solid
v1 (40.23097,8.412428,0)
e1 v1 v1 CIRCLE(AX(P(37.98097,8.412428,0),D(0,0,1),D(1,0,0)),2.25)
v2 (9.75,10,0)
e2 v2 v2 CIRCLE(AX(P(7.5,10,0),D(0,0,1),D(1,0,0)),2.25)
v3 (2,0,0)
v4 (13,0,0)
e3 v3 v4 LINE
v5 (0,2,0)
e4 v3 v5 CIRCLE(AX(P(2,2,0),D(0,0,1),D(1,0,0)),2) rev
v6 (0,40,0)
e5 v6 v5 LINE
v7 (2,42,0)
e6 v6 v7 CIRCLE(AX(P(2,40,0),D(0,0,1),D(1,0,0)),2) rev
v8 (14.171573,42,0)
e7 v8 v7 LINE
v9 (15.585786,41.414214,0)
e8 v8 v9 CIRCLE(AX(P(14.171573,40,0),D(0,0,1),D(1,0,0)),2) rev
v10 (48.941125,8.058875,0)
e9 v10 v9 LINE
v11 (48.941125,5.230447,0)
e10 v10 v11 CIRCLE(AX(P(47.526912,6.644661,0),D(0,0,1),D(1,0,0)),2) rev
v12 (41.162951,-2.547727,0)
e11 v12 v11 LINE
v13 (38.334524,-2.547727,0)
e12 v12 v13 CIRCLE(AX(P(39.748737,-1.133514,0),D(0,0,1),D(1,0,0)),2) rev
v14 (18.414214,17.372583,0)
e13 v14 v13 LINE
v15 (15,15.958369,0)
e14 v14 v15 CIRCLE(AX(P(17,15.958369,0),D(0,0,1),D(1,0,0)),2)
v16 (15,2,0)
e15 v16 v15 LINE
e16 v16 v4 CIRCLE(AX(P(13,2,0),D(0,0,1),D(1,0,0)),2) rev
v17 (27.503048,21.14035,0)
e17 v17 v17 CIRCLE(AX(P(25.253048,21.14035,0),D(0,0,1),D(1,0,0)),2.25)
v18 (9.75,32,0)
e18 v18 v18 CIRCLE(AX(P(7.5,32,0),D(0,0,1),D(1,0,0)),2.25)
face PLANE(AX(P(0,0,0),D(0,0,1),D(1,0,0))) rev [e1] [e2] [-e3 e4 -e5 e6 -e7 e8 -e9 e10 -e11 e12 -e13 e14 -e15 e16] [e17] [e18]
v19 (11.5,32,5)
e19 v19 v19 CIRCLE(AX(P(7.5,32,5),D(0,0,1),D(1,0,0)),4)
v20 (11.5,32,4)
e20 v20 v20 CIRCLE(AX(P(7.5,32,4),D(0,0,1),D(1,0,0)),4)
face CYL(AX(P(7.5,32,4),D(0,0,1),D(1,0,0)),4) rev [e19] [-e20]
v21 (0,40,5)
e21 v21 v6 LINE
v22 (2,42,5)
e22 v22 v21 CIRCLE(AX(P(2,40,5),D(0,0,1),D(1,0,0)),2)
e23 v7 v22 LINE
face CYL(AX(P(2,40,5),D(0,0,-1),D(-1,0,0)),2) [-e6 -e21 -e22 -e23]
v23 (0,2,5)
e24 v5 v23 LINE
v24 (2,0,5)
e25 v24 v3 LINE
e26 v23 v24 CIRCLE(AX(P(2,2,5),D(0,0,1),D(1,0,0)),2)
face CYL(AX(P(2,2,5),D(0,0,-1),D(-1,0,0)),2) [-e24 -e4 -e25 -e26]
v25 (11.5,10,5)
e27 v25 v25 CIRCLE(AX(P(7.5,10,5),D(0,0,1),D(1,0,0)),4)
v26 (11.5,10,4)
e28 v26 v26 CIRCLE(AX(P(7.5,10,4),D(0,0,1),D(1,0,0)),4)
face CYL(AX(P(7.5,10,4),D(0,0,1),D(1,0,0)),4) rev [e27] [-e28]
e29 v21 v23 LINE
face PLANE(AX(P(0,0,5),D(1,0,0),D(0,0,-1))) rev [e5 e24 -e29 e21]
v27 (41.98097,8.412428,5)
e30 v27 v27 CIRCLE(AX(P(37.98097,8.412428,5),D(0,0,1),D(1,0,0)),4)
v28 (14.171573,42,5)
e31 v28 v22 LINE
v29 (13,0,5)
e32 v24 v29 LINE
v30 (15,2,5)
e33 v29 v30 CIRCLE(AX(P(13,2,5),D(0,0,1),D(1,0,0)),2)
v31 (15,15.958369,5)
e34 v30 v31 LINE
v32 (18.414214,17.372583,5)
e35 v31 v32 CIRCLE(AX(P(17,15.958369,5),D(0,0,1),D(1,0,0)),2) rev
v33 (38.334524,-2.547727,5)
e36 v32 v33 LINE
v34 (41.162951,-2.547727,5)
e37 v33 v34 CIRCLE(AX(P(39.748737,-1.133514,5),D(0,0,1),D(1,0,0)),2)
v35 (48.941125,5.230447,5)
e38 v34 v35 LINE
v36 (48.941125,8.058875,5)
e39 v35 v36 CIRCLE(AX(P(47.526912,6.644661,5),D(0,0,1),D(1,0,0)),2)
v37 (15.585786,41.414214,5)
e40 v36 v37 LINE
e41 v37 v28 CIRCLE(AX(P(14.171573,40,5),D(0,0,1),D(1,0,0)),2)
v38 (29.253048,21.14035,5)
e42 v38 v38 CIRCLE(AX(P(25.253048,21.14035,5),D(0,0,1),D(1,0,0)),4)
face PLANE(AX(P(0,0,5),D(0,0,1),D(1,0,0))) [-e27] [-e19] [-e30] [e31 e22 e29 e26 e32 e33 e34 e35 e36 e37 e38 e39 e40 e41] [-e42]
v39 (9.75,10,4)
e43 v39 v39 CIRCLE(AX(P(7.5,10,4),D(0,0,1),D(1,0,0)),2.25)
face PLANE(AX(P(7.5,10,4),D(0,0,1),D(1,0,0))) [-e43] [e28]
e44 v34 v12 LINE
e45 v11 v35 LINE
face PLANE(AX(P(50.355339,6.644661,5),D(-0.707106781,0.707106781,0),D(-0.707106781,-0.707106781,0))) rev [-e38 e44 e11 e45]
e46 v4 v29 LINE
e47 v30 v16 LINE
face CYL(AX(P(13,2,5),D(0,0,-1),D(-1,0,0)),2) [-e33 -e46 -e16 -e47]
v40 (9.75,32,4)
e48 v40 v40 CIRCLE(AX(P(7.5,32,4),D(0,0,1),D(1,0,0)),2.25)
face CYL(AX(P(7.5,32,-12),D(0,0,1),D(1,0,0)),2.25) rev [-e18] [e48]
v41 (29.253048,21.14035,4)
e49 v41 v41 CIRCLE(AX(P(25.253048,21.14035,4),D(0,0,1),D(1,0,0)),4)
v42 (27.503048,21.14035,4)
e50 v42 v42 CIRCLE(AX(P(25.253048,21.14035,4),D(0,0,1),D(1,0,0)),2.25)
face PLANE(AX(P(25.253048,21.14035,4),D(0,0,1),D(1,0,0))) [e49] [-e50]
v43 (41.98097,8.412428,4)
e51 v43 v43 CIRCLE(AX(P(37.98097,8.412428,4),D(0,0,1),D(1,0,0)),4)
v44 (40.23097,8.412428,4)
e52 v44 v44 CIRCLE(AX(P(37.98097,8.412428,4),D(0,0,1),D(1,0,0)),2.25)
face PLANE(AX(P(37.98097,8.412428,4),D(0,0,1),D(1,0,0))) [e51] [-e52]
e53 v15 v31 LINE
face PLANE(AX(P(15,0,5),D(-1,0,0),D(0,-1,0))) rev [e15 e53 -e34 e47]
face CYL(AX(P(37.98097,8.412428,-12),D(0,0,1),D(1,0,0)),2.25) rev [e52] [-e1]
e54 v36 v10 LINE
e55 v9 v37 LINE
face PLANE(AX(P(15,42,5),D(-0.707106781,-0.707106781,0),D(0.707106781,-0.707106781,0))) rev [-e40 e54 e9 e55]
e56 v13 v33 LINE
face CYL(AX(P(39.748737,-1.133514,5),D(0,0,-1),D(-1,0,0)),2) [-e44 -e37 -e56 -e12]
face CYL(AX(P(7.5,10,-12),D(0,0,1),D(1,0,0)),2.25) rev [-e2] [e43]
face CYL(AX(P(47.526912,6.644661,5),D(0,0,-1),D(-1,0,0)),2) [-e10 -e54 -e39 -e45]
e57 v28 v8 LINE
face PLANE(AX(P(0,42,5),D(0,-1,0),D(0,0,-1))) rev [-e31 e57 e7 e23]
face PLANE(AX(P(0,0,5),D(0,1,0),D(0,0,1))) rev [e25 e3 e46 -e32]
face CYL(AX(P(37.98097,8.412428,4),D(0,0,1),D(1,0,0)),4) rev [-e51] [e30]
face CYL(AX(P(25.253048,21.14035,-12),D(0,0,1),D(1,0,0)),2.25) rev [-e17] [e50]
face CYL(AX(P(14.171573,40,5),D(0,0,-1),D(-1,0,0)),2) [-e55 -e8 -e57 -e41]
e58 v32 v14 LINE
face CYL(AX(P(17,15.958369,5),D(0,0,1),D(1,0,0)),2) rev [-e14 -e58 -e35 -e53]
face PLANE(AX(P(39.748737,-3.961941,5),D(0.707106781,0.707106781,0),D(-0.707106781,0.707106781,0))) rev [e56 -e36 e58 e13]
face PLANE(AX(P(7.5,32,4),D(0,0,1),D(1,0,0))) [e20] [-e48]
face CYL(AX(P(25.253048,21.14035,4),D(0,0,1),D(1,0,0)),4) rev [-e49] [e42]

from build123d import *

# Parameters (mm, degrees)
BOSS_EXTRUDE1_DEPTH = 5
SKETCH2_R           = 4
CUT_EXTRUDE1_DEPTH  = 1
SKETCH3_R           = 2.25
CUT_EXTRUDE2_DEPTH  = 16
FILLET1_R           = 2


with BuildPart() as part:
    # Sketch1 → Boss-Extrude1 (new body)
    with BuildSketch(Plane.XY):
        Polygon((0, 0), (0, 42), (15, 42), (50.355339059, 6.644660941), (39.748737342, -3.961940777), (15, 20.786796564), (15, 0), align=None)
    extrude(amount=BOSS_EXTRUDE1_DEPTH)

    # Sketch2 → Cut-Extrude1 (cut)
    with BuildSketch(Plane.XY.offset(5)):
        with Locations((7.5, 10)):
            Circle(SKETCH2_R)
        with Locations((7.5, 32)):
            Circle(SKETCH2_R)
        with Locations((37.980970389, 8.412427894)):
            Circle(SKETCH2_R)
        with Locations((25.253048327, 21.140349955)):
            Circle(SKETCH2_R)
    extrude(amount=-CUT_EXTRUDE1_DEPTH, mode=Mode.SUBTRACT)

    # Sketch3 → Cut-Extrude2 (cut)
    with BuildSketch(Plane.XY.offset(4)):
        with Locations((7.5, 32)):
            Circle(SKETCH3_R)
        with Locations((7.5, 10)):
            Circle(SKETCH3_R)
        with Locations((25.253048327, 21.140349955)):
            Circle(SKETCH3_R)
        with Locations((37.980970389, 8.412427894)):
            Circle(SKETCH3_R)
    extrude(amount=-CUT_EXTRUDE2_DEPTH, mode=Mode.SUBTRACT)

    # Fillet1
    fillet1_edges = [part.edges().sort_by_distance(p)[0] for p in [
        (0, 0, 2.5),
        (0, 42, 2.5),
        (15, 42, 2.5),
        (50.355339059, 6.644660941, 2.5),
        (39.748737342, -3.961940777, 2.5),
        (15, 20.786796564, 2.5),
        (15, 0, 2.5),
    ]]
    fillet(fillet1_edges, radius=FILLET1_R)


solid = part.part
